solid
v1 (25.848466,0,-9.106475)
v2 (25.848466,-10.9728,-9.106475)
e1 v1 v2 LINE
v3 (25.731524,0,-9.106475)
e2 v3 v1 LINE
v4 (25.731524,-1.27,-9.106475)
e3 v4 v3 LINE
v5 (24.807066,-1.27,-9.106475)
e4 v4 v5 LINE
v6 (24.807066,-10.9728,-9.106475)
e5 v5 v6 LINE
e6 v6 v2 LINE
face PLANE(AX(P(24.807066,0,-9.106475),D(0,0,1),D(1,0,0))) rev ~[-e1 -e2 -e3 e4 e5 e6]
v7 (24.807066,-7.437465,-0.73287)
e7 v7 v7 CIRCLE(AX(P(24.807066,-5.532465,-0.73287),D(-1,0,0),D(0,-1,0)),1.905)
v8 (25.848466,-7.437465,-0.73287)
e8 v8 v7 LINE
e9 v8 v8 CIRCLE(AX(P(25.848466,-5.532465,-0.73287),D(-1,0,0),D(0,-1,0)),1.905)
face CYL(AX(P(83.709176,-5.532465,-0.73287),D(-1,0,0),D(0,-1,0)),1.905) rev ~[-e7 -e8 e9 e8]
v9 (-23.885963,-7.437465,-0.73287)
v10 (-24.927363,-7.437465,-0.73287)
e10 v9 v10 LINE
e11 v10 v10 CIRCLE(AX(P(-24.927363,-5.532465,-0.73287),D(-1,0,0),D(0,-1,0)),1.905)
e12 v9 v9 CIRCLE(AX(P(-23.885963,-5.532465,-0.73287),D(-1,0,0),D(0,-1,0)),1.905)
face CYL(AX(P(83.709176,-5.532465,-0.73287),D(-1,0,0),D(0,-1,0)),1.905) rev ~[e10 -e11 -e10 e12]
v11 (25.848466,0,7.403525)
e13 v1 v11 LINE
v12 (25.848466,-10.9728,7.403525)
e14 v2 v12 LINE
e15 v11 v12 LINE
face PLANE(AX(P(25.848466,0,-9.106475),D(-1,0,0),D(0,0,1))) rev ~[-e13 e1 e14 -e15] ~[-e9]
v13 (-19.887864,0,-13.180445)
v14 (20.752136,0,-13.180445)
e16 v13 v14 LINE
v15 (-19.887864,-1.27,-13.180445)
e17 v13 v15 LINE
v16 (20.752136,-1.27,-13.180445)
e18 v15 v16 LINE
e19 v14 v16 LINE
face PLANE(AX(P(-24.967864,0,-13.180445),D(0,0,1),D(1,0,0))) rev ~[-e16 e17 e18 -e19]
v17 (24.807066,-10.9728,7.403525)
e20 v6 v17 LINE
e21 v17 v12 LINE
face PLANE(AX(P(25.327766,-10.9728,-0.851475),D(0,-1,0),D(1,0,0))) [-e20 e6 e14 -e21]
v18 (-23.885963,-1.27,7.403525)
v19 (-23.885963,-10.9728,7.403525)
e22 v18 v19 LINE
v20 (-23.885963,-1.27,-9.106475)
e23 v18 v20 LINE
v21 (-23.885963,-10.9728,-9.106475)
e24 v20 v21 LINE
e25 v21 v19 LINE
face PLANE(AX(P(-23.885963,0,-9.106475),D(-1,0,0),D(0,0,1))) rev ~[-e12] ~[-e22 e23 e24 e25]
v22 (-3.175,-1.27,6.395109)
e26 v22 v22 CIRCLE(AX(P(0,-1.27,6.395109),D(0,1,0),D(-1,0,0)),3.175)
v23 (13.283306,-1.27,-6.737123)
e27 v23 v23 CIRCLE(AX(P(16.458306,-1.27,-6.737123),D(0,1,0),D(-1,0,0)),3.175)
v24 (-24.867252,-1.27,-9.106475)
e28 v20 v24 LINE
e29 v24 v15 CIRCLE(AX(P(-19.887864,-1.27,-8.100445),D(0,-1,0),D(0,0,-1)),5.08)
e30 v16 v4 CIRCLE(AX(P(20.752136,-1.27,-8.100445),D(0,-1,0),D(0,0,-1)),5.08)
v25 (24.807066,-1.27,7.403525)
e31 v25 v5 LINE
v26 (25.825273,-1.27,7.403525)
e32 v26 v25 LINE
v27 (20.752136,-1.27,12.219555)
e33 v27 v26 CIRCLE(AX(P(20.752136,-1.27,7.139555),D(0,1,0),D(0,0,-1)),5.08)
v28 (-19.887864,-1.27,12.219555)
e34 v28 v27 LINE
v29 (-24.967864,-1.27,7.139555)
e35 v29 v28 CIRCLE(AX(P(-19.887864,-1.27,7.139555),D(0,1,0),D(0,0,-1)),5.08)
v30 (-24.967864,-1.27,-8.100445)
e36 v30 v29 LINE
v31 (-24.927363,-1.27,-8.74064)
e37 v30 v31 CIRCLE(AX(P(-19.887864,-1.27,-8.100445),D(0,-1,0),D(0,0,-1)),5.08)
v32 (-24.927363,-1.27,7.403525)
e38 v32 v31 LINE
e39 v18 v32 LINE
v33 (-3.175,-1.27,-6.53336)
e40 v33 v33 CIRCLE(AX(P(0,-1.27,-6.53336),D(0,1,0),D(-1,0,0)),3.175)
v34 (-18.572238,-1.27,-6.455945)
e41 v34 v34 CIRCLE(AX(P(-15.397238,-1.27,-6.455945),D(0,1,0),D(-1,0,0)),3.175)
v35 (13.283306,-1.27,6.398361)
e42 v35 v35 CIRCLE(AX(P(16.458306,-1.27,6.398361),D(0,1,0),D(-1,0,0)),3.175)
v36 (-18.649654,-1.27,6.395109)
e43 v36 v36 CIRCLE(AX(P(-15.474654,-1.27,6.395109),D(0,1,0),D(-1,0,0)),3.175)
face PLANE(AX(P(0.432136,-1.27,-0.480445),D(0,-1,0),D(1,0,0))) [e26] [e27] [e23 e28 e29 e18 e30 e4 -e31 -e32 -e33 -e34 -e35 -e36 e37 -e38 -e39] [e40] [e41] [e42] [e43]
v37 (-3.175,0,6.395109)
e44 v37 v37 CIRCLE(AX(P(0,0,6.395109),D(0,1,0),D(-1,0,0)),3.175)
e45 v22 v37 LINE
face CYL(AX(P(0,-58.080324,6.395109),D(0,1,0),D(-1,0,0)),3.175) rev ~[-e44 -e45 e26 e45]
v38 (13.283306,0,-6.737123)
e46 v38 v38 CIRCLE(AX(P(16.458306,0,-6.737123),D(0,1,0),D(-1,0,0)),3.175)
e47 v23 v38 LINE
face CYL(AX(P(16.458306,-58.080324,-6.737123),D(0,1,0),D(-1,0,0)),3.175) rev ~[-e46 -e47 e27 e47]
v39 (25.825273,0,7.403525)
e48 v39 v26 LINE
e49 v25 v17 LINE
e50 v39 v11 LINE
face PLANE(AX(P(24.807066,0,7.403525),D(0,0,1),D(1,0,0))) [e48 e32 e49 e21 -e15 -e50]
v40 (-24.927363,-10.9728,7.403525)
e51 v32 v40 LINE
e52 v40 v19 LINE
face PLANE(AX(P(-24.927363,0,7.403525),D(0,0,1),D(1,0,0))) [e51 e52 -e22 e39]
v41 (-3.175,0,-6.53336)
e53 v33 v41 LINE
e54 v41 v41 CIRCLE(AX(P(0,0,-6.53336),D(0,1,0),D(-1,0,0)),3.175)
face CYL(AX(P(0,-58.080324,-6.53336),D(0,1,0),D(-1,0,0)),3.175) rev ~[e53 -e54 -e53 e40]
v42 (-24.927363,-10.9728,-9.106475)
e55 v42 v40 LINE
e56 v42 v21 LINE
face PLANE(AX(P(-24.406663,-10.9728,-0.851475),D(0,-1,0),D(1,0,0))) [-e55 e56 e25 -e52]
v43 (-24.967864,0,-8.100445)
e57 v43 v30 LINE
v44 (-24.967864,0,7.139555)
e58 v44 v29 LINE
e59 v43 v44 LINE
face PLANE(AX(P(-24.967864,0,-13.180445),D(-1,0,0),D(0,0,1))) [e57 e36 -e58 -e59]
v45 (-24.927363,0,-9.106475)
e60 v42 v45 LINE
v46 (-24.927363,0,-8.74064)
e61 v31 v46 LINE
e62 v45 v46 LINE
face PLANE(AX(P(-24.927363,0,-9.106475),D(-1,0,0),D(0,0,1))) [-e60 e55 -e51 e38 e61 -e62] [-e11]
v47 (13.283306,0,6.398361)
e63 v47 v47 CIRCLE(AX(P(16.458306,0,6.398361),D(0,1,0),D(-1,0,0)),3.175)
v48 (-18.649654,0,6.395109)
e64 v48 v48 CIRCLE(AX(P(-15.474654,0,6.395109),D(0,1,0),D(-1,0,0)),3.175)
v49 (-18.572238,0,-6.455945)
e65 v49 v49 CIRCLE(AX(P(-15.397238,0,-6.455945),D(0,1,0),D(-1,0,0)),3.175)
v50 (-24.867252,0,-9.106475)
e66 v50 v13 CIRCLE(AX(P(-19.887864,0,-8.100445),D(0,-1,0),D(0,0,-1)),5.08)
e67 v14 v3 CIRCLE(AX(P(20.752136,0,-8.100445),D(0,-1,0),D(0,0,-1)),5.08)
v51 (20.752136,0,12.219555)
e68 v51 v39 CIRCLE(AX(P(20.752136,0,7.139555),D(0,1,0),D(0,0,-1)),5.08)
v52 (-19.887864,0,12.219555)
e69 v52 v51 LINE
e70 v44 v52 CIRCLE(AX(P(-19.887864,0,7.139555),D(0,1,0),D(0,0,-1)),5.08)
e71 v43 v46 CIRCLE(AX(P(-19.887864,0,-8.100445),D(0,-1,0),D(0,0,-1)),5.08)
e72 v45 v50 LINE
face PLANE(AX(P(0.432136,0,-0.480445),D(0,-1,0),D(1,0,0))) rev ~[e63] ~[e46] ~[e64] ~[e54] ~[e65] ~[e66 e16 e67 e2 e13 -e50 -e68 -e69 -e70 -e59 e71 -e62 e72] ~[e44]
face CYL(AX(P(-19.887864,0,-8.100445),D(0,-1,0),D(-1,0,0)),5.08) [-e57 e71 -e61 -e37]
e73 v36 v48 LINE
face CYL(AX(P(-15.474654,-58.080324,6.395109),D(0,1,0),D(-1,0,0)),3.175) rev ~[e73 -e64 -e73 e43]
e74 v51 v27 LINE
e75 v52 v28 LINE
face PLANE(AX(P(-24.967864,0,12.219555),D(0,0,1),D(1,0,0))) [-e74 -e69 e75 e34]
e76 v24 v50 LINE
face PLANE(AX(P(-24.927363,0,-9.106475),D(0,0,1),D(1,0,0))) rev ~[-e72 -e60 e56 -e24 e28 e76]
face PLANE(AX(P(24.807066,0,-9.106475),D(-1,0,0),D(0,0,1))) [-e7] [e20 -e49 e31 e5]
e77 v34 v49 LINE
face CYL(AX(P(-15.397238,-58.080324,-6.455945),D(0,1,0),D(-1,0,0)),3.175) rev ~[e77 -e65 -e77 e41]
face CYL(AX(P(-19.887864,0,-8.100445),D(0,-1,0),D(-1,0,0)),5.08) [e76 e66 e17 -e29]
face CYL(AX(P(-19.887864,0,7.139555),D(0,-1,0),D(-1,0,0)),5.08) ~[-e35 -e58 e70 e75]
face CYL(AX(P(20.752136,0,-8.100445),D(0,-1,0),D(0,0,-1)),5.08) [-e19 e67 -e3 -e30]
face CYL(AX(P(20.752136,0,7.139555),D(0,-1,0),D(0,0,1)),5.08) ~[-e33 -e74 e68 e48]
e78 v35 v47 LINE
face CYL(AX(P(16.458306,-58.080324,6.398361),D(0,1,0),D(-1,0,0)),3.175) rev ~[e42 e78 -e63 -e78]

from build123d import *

# Parameters (mm, degrees)
F0_W     = 50.8
F0_H     = 25.4
F1_DEPTH = 1.27
F3_D     = 6.35
F4_R     = 5.08
F5_W     = 1.0414
F5_H     = 16.51
F6_DEPTH = 10.9728
F7_DEPTH = 0.254
F9_D     = 3.81


with BuildPart() as f1:
    # F0 (on Front) → F1 (new body)
    with BuildSketch(Plane.XZ):
        with Locations((0.432136, -0.480445)):
            Rectangle(F0_W, F0_H)
    extrude(amount=F1_DEPTH)

    # F3 (through all)
    with Locations(Plane.XZ.offset(1.27)):
        with Locations((0, -6.53336), (16.458306, 6.398361), (0, 6.395109), (16.458306, -6.737123), (-15.397238, -6.455945), (-15.474654, 6.395109)):
            Hole(F3_D / 2)

    # F4
    f4_edges = [f1.edges().sort_by_distance(p)[0] for p in [
        (25.832136, -0.635, 12.219555),
        (25.832136, -0.635, -13.180445),
        (-24.967864, -0.635, 12.219555),
        (-24.967864, -0.635, -13.180445),
    ]]
    fillet(f4_edges, radius=F4_R)

    # F5 (on Front) → F6 (join)
    with BuildSketch(Plane.XZ):
        with Locations((25.327766, -0.851475)):
            Rectangle(F5_W, F5_H)
        with Locations((-24.406663, -0.851475)):
            Rectangle(F5_W, F5_H)
    extrude(amount=F6_DEPTH)

    # F5 (on Front) → F7 (join)
    with BuildSketch(Plane.XZ):
        with Locations((25.327766, -0.851475)):
            Rectangle(F5_W, F5_H)
        with Locations((-24.406663, -0.851475)):
            Rectangle(F5_W, F5_H)
    extrude(amount=F7_DEPTH)

    # F9 (through all)
    with Locations(Plane.YZ.offset(25.848466)):
        with Locations((-5.532465, -0.73287)):
            Hole(F9_D / 2)


solid = f1.part
